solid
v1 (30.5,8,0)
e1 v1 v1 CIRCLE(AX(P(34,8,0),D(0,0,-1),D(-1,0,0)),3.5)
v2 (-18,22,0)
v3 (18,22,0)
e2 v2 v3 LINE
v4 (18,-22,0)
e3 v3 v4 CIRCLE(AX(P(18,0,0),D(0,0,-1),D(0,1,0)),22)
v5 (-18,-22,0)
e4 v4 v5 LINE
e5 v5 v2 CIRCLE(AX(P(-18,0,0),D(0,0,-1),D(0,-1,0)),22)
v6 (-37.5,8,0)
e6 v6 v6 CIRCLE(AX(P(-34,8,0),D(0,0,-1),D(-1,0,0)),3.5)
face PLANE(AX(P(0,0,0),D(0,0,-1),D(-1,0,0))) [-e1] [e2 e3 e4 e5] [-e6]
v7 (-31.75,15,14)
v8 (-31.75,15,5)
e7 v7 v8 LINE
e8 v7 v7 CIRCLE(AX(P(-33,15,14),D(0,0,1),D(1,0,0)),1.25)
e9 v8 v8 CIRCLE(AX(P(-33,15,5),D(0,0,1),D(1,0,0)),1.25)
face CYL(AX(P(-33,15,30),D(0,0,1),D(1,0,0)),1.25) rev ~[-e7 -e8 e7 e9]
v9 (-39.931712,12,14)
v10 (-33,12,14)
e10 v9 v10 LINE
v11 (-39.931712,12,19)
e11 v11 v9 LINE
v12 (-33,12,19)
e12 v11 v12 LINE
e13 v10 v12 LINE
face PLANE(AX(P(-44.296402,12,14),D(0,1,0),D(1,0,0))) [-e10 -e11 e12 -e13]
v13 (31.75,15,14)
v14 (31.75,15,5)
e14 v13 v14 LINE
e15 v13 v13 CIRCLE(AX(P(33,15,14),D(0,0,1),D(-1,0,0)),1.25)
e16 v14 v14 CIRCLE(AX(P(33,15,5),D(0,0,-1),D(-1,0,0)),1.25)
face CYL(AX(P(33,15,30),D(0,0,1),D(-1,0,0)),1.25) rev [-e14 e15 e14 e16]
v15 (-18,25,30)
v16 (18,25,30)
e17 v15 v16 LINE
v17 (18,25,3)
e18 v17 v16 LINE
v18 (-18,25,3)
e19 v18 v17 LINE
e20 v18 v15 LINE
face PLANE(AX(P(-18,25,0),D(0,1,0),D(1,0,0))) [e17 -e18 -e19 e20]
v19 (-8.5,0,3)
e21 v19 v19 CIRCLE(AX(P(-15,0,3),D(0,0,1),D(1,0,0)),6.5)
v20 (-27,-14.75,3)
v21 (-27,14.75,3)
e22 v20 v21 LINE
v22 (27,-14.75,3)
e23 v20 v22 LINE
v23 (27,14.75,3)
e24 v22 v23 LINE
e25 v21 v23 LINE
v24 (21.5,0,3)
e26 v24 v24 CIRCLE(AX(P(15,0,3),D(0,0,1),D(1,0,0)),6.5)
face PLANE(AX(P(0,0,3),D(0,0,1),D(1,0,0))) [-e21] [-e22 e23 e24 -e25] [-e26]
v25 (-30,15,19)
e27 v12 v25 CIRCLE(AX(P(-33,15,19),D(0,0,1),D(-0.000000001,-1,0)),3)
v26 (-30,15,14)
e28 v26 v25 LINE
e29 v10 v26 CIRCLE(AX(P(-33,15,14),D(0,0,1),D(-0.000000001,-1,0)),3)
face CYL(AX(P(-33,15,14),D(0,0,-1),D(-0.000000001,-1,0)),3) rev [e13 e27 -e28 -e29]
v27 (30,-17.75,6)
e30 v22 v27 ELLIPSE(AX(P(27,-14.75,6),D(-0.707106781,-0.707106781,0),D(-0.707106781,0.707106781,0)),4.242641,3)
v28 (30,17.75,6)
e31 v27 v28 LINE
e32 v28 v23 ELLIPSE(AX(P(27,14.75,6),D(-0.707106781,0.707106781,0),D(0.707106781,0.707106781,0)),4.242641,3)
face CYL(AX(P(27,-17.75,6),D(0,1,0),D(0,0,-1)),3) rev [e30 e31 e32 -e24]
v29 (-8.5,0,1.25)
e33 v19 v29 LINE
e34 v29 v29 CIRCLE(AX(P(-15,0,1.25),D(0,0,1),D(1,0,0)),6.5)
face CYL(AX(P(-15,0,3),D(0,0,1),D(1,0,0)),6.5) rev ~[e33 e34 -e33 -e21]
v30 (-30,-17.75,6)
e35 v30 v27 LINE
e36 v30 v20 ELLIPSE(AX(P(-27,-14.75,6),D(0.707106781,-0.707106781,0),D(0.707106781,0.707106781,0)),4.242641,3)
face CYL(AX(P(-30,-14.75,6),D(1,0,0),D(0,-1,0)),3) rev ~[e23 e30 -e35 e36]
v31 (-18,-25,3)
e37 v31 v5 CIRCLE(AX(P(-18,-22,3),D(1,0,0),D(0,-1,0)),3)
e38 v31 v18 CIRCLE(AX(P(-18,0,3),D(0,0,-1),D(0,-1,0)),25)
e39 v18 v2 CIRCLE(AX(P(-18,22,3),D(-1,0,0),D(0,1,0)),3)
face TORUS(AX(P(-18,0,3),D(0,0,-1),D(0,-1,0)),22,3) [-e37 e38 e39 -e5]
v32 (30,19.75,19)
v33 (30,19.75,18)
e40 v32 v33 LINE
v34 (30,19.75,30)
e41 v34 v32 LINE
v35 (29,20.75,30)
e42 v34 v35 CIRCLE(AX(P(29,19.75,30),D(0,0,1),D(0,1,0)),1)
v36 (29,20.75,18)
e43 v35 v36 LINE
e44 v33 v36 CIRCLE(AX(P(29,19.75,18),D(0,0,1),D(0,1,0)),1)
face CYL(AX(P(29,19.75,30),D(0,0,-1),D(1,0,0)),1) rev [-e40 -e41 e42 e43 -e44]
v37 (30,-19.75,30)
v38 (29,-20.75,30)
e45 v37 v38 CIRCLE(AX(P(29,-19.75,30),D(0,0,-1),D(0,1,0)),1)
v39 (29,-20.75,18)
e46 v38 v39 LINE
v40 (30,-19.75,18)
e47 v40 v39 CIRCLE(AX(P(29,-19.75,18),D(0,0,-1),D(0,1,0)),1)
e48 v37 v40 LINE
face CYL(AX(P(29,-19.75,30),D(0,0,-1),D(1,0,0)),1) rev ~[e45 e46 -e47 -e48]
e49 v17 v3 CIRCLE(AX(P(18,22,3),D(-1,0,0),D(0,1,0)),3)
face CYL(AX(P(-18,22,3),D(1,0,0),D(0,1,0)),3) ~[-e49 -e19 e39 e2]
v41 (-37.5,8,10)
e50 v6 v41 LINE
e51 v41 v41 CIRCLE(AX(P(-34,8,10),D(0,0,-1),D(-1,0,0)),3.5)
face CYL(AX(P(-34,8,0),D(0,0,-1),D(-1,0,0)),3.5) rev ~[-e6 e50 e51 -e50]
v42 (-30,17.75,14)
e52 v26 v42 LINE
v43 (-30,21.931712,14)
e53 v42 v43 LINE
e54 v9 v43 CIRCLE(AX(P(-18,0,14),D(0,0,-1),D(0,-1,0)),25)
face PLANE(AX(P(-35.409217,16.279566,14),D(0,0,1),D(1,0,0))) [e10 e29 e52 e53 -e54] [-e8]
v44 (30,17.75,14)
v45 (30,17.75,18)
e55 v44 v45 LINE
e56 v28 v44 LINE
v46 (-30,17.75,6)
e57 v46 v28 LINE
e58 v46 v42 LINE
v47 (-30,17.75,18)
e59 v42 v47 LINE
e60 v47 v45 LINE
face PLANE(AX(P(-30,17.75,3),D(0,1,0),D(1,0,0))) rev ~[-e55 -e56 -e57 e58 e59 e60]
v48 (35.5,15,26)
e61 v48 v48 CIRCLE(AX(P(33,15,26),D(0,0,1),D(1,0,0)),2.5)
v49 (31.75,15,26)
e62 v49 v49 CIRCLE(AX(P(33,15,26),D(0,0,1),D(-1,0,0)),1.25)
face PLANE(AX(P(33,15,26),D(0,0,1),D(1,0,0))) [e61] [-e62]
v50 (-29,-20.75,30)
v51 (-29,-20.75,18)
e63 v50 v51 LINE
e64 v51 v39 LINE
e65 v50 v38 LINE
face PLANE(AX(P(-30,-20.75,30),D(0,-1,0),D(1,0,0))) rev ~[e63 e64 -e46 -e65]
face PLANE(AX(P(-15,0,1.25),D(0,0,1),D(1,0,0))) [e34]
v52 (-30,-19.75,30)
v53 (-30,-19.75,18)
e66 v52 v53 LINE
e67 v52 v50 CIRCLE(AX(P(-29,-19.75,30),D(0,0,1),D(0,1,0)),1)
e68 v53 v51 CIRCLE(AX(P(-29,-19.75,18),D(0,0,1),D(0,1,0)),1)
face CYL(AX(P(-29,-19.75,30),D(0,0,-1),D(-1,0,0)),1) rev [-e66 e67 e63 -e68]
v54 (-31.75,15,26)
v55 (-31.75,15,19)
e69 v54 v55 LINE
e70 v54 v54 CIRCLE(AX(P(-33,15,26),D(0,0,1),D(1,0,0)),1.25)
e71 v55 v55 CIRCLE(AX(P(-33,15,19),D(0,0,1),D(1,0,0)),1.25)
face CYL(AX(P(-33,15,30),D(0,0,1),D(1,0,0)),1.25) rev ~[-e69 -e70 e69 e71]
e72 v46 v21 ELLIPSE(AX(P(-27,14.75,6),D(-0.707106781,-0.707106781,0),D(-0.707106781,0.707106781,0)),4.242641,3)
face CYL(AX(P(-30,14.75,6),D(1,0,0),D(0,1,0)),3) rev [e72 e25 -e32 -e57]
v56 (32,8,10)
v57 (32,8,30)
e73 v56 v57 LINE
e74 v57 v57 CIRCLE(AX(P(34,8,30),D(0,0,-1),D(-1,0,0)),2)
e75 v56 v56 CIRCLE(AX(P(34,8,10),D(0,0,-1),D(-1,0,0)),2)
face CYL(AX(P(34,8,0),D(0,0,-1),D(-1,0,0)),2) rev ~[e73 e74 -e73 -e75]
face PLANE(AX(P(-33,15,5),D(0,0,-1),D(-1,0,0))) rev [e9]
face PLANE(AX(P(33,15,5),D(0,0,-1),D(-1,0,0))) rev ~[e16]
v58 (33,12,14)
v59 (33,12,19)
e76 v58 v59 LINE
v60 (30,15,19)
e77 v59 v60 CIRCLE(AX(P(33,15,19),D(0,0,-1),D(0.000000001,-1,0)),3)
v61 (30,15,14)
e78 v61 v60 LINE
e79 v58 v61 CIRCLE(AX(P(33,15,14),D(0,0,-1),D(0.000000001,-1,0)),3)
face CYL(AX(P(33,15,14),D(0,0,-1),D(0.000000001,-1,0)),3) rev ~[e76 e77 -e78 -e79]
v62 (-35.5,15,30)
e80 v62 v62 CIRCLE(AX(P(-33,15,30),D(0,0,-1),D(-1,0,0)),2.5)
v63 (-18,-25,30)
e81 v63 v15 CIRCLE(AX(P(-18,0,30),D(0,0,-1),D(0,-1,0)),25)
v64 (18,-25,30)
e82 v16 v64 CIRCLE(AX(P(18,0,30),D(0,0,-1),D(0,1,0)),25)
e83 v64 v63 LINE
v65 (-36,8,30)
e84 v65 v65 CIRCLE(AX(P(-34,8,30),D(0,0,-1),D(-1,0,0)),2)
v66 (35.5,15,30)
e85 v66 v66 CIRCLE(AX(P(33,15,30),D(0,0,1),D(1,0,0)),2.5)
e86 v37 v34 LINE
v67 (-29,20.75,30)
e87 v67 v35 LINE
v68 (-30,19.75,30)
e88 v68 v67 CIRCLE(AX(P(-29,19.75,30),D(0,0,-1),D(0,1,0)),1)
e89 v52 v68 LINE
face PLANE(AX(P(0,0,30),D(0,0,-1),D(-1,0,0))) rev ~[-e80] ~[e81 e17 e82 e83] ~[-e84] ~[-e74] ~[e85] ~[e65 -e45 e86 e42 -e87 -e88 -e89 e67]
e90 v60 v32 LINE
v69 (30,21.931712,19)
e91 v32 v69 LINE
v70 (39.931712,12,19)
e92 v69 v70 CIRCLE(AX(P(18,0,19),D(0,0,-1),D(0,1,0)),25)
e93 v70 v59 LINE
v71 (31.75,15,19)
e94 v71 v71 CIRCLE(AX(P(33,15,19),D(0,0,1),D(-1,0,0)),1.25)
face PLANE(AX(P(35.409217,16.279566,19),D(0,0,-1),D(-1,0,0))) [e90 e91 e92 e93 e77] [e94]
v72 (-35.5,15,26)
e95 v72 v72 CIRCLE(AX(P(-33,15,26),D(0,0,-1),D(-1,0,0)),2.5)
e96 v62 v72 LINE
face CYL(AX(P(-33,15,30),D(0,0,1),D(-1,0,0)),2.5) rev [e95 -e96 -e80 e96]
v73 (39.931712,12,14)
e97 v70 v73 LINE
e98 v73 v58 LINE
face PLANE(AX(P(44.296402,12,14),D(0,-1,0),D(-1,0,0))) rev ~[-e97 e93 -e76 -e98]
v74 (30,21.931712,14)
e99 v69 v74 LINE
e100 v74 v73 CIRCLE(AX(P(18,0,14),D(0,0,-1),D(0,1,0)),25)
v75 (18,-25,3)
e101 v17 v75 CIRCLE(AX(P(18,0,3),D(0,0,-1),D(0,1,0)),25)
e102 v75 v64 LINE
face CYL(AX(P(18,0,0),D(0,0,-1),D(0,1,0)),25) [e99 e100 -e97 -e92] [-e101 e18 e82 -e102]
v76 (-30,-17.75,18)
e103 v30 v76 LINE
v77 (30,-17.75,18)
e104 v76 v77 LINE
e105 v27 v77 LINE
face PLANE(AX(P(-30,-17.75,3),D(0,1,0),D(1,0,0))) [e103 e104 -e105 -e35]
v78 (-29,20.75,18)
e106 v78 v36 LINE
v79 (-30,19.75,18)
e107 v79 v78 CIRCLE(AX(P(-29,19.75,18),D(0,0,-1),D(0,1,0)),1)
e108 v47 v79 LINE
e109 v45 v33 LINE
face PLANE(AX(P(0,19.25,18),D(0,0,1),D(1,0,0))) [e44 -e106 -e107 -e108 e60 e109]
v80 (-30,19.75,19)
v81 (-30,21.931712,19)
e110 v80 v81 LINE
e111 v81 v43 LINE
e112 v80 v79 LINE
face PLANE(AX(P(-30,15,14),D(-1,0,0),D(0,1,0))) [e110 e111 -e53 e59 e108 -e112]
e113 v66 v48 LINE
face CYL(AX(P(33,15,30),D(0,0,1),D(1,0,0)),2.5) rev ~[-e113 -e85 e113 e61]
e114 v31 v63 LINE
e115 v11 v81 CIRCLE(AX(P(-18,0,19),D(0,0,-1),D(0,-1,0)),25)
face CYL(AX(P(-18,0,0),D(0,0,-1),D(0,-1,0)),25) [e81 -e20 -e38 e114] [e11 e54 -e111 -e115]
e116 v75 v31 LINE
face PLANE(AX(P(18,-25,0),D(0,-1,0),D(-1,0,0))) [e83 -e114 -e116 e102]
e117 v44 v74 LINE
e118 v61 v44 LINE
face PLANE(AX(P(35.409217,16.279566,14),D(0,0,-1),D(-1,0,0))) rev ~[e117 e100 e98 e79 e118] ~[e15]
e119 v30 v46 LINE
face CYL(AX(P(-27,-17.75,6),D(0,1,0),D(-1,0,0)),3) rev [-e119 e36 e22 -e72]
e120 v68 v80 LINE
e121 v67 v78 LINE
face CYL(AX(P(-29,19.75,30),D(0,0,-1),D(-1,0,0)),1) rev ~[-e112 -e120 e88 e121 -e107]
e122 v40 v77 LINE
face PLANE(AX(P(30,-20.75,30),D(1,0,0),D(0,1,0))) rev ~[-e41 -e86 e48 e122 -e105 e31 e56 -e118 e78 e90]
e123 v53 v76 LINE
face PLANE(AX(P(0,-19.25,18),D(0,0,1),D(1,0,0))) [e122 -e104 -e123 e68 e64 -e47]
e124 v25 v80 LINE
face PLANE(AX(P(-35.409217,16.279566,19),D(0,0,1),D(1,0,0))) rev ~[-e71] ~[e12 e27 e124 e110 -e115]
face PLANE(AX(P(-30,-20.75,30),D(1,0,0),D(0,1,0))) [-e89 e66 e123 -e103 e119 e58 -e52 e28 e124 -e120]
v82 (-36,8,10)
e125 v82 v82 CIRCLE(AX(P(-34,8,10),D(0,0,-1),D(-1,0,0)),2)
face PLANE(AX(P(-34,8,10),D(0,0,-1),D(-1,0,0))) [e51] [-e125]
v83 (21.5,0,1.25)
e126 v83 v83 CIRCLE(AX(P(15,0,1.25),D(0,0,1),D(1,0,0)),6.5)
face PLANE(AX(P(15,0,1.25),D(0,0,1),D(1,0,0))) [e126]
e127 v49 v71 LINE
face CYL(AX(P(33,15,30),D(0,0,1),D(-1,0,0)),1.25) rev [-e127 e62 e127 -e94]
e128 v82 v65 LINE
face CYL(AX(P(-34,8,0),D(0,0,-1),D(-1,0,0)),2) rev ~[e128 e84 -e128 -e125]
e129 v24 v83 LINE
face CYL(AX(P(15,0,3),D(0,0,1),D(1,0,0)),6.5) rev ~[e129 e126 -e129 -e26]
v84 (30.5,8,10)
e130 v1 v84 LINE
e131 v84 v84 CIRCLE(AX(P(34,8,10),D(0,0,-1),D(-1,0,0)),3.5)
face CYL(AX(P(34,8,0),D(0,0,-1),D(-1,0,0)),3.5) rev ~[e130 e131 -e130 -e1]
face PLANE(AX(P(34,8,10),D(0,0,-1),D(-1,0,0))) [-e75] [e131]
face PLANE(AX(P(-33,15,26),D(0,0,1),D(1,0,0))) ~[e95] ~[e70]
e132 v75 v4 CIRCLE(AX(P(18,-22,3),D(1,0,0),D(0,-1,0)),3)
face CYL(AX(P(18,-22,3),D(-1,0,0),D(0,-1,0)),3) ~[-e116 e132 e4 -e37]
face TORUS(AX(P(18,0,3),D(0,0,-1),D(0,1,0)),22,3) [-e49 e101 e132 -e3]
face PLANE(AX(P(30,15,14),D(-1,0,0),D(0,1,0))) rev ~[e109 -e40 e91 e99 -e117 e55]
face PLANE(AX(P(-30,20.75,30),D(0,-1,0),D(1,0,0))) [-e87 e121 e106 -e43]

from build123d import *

# Parameters (mm, degrees)
BOSS_EXTRUDE1_DEPTH = 30
SKETCH2_W           = 60
SKETCH2_H           = 41.5
CUT_EXTRUDE1_DEPTH  = 27
SKETCH5_W           = 60
SKETCH5_H           = 3
BOSS_EXTRUDE2_DEPTH = 15
FILLET2_R           = 1
FILLET3_R           = 3
FILLET4_R           = 3
CUT_EXTRUDE2_START  = 14
CUT_EXTRUDE2_DEPTH  = 5
CUT_EXTRUDE3_START  = -30
SKETCH7_R           = 1.25
CUT_EXTRUDE3_DEPTH  = 25
SKETCH8_R           = 2.5
CUT_EXTRUDE4_DEPTH  = 4
SKETCH9_R           = 6.5
CUT_EXTRUDE5_DEPTH  = 1.75
SKETCH10_R          = 2
CUT_EXTRUDE6_DEPTH  = 31
SKETCH11_R          = 3.5
CUT_EXTRUDE7_DEPTH  = 10


with BuildPart() as part:
    # Sketch1 → Boss-Extrude1 (new body)
    with BuildSketch(Plane.XY):
        with BuildLine():
            Line((-18, 25), (18, 25))
            ThreePointArc((18, 25), (43, 0), (18, -25))
            Line((18, -25), (-18, -25))
            ThreePointArc((-18, -25), (-43, 0), (-18, 25))
        make_face()
    extrude(amount=BOSS_EXTRUDE1_DEPTH)

    # Sketch2 → Cut-Extrude1 (cut)
    with BuildSketch(Plane.XY.offset(30)):
        Rectangle(SKETCH2_W, SKETCH2_H)
    extrude(amount=-CUT_EXTRUDE1_DEPTH, mode=Mode.SUBTRACT)

    # Sketch5 → Boss-Extrude2 (add)
    with BuildSketch(Plane.XY.offset(3)):
        with Locations((0, 19.25)):
            Rectangle(SKETCH5_W, SKETCH5_H)
        with Locations((0, -19.25)):
            Rectangle(SKETCH5_W, SKETCH5_H)
    extrude(amount=BOSS_EXTRUDE2_DEPTH)

    # Fillet2
    fillet2_edges = [part.edges().sort_by_distance(p)[0] for p in [
        (-30, 20.75, 24),
        (30, 20.75, 24),
        (30, -20.75, 24),
        (-30, -20.75, 24),
    ]]
    fillet(fillet2_edges, radius=FILLET2_R)

    # Fillet3
    fillet3_edges = [part.edges().sort_by_distance(p)[0] for p in [
        (-30, 0, 3),
        (0, 17.75, 3),
        (30, 0, 3),
        (0, -17.75, 3),
    ]]
    fillet(fillet3_edges, radius=FILLET3_R)

    # Fillet4
    fillet4_edges = [part.edges().sort_by_distance(p)[0] for p in [
        (0, 25, 0),
        (43, 0, 0),
        (0, -25, 0),
        (-43, 0, 0),
    ]]
    fillet(fillet4_edges, radius=FILLET4_R)

    # Sketch6 → Cut-Extrude2 (cut)
    with BuildSketch(Plane.XY.offset(CUT_EXTRUDE2_START)):
        with BuildLine():
            Line((-44.296401613, 12), (-33, 12))
            ThreePointArc((-33, 12), (-30.878679656, 12.878679656), (-30, 15))
            Line((-30, 15), (-30, 24.104241325))
            Line((-30, 24.104241325), (-44.296401613, 12))
        make_face()
        with BuildLine():
            Line((30, 24.104241325), (44.296401613, 12))
            Line((44.296401613, 12), (33, 12))
            ThreePointArc((33, 12), (30.878679656, 12.878679656), (30, 15))
            Line((30, 15), (30, 24.104241325))
        make_face()
    extrude(amount=CUT_EXTRUDE2_DEPTH, mode=Mode.SUBTRACT)

    # Sketch7 → Cut-Extrude3 (cut)
    with BuildSketch(Plane(origin=(0, 0, 0), x_dir=(-1, 0, 0), z_dir=(0, 0, -1)).offset(CUT_EXTRUDE3_START)):
        with Locations((-33, 15)):
            Circle(SKETCH7_R)
    cut_extrude3 = extrude(amount=CUT_EXTRUDE3_DEPTH, mode=Mode.SUBTRACT)

    # Sketch8 → Cut-Extrude4 (cut)
    with BuildSketch(Plane.XY.offset(30)):
        with Locations((33, 15)):
            Circle(SKETCH8_R)
    cut_extrude4 = extrude(amount=-CUT_EXTRUDE4_DEPTH, mode=Mode.SUBTRACT)

    # Mirror1: Cut-Extrude3, Cut-Extrude4 across plane
    add(cut_extrude3.mirror(Plane(origin=(0, 0, 0), x_dir=(0, 0, 1), z_dir=(1, 0, 0))), mode=Mode.SUBTRACT)
    add(cut_extrude4.mirror(Plane(origin=(0, 0, 0), x_dir=(0, 0, 1), z_dir=(1, 0, 0))), mode=Mode.SUBTRACT)

    # Sketch9 → Cut-Extrude5 (cut)
    with BuildSketch(Plane.XY.offset(3)):
        with Locations((-15, 0)):
            Circle(SKETCH9_R)
        with Locations((15, 0)):
            Circle(SKETCH9_R)
    extrude(amount=-CUT_EXTRUDE5_DEPTH, mode=Mode.SUBTRACT)

    # Sketch10 → Cut-Extrude6 (cut, through all)
    with BuildSketch(Plane(origin=(0, 0, 0), x_dir=(-1, 0, 0), z_dir=(0, 0, -1))):
        with Locations((-34, 8)):
            Circle(SKETCH10_R)
        with Locations((34, 8)):
            Circle(SKETCH10_R)
    extrude(amount=-CUT_EXTRUDE6_DEPTH, mode=Mode.SUBTRACT)

    # Sketch11 → Cut-Extrude7 (cut)
    with BuildSketch(Plane(origin=(0, 0, 0), x_dir=(-1, 0, 0), z_dir=(0, 0, -1))):
        with Locations((-34, 8)):
            Circle(SKETCH11_R)
        with Locations((34, 8)):
            Circle(SKETCH11_R)
    extrude(amount=-CUT_EXTRUDE7_DEPTH, mode=Mode.SUBTRACT)


solid = part.part
